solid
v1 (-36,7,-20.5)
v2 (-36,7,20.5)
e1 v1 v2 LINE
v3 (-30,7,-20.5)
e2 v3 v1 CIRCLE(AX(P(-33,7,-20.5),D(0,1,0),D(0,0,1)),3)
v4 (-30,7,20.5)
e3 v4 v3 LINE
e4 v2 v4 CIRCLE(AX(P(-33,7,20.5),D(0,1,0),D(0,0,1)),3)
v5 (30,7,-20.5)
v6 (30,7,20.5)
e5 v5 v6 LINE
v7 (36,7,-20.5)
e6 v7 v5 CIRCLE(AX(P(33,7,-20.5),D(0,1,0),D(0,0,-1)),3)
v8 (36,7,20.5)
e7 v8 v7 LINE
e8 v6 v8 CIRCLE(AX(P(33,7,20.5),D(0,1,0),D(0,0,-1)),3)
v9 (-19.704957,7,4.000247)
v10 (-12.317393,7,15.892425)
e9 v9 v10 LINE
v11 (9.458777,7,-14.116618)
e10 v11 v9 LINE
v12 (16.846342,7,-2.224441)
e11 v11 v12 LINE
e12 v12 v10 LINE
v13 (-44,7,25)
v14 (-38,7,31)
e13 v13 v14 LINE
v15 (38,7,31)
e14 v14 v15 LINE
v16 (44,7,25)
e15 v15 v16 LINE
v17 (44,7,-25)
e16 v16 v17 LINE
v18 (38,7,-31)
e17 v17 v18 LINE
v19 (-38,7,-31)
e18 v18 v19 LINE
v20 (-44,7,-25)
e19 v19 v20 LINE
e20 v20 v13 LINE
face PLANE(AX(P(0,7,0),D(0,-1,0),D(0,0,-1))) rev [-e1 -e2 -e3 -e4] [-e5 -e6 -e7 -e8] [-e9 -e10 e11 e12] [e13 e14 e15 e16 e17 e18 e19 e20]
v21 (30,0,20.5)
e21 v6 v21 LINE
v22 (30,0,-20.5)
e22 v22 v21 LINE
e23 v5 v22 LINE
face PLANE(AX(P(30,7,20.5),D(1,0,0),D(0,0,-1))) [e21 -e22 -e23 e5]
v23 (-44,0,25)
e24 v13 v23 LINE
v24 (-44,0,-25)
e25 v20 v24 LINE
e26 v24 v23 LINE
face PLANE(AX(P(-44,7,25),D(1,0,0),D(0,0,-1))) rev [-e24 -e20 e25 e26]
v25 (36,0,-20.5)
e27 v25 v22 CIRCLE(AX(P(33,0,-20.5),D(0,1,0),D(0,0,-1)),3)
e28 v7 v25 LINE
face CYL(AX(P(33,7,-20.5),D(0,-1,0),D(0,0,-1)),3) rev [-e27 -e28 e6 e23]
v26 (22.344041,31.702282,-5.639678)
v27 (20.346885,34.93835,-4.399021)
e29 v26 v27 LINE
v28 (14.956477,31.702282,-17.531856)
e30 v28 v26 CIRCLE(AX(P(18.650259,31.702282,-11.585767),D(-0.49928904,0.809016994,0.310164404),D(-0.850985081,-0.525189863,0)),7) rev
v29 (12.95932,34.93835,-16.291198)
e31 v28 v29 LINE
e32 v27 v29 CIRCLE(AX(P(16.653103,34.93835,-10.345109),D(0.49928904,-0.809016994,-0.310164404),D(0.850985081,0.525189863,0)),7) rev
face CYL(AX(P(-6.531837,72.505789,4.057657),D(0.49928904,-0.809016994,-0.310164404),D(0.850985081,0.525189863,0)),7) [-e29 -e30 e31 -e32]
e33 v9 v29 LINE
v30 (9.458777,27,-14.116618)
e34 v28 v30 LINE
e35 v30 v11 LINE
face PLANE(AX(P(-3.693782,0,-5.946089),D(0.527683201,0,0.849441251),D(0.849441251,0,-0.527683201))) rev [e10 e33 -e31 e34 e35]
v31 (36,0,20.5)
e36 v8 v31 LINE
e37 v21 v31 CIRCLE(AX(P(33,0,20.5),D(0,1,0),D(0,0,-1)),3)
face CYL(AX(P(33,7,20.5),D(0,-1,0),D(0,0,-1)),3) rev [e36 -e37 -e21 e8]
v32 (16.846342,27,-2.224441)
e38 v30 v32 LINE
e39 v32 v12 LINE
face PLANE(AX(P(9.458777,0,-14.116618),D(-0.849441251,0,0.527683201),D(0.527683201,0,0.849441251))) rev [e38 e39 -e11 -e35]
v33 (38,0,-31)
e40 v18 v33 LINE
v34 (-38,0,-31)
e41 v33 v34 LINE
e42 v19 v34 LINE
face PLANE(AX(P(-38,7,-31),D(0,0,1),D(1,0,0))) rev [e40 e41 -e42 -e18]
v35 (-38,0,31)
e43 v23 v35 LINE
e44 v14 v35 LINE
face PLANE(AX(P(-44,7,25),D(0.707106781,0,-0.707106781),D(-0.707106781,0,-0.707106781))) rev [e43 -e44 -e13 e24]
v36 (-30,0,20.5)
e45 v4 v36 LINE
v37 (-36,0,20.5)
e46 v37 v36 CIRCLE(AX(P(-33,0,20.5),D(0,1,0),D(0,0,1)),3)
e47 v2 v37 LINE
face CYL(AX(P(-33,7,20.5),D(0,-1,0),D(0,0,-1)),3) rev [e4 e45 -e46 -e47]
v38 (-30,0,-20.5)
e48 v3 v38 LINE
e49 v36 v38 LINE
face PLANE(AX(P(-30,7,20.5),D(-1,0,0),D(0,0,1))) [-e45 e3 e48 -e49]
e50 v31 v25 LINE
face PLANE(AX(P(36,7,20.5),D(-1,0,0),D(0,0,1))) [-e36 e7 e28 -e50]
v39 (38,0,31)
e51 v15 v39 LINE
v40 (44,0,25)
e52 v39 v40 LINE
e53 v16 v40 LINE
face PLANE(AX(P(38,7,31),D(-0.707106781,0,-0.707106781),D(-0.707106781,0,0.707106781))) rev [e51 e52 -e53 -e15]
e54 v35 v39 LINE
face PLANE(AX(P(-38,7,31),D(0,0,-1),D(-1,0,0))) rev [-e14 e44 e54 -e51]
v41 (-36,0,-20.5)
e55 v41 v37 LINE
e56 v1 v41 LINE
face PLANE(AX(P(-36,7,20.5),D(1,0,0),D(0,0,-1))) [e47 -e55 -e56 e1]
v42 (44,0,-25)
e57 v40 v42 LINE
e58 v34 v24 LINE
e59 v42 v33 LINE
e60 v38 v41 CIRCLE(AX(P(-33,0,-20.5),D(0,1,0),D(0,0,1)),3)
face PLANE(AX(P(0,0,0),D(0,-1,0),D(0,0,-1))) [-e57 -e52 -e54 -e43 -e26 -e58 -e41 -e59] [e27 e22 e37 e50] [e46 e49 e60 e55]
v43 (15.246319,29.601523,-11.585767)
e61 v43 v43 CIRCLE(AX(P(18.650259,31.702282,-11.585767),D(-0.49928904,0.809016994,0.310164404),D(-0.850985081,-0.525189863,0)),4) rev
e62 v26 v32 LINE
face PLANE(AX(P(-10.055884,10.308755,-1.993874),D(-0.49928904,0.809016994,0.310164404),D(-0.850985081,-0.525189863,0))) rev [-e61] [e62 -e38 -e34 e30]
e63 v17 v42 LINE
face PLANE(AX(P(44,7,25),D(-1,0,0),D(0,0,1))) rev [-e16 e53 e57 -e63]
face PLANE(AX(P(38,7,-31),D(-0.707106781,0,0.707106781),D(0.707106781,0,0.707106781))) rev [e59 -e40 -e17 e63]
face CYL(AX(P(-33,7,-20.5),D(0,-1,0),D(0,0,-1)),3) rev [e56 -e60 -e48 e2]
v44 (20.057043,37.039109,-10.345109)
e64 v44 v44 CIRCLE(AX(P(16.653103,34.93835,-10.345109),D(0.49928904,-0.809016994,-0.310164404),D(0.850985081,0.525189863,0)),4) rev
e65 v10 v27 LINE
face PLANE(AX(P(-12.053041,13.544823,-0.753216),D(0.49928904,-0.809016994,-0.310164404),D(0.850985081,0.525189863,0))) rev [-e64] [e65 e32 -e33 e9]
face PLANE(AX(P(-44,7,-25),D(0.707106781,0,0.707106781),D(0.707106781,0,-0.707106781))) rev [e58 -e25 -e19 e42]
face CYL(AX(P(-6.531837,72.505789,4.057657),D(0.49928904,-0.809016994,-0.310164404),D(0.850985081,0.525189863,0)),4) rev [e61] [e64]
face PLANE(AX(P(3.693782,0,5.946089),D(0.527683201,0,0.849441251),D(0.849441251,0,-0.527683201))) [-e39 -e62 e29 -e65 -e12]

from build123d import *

# Parameters (mm, degrees)
BOSS_EXTRUDE1_DEPTH     = 7
BOSS_EXTRUDE2_DEPTH     = 7
SKETCH4_R               = 4
CUT_EXTRUDE1_DEPTH      = 47.435908473
CUT_EXTRUDE1_DEPTH_BACK = 14


with BuildPart() as part:
    # Sketch1 → Boss-Extrude1 (new body)
    with BuildSketch(Plane(origin=(0, 0, 0), x_dir=(1, 0, 0), z_dir=(0, 1, 0))):
        Polygon((-44, 25), (-38, 31), (38, 31), (44, 25), (44, -25), (38, -31), (-38, -31), (-44, -25), align=None)
        with BuildLine():
            Line((-36, -20.5), (-36, 20.5))
            ThreePointArc((-36, 20.5), (-33, 23.5), (-30, 20.5))
            Line((-30, 20.5), (-30, -20.5))
            ThreePointArc((-30, -20.5), (-33, -23.5), (-36, -20.5))
        make_face(mode=Mode.SUBTRACT)
        with BuildLine():
            Line((36, -20.5), (36, 20.5))
            ThreePointArc((36, 20.5), (33, 23.5), (30, 20.5))
            Line((30, 20.5), (30, -20.5))
            ThreePointArc((30, -20.5), (33, -23.5), (36, -20.5))
        make_face(mode=Mode.SUBTRACT)
    extrude(amount=BOSS_EXTRUDE1_DEPTH)

    # Sketch3 → Boss-Extrude2 (add, symmetric)
    with BuildSketch(Plane(origin=(0, 0, 0), x_dir=(0.849441251, 0, -0.527683201), z_dir=(0.527683201, 0, 0.849441251))):
        Polygon((15.483777963, 7), (-18.849066913, 7), (25.26789187, 39.052846762), (27.619032879, 35.816778784), (15.483777963, 27), align=None)
    extrude(amount=BOSS_EXTRUDE2_DEPTH, both=True)

    # Sketch4 → Cut-Extrude1 (cut, two sides)
    with BuildSketch(Plane(origin=(-8.359258135, 13.544823437, 5.192872478), x_dir=(0.866435488, 0.466201263, 0.178734239), z_dir=(-0.49928904, 0.809016994, 0.310164404))) as cut_extrude1_sk:
        with Locations((28.868116916, 22.166684098)):
            Circle(SKETCH4_R)
        with BuildLine():
            ThreePointArc((24.604923104, 27.718726833), (29.779470735, 29.107104418), (34.420159658, 26.4298779))
            Line((34.420159658, 26.4298779), (30.156965838, 31.981920644))
            Line((30.156965838, 31.981920644), (24.604923104, 27.718726833))
        make_face()
        with BuildLine():
            ThreePointArc((34.420159658, 26.4298779), (35.808537235, 21.255330279), (33.131310727, 16.614641364))
            Line((33.131310727, 16.614641364), (38.683353462, 20.877835176))
            Line((38.683353462, 20.877835176), (34.420159658, 26.4298779))
        make_face()
    extrude(amount=CUT_EXTRUDE1_DEPTH, mode=Mode.SUBTRACT)
    extrude(cut_extrude1_sk.sketch, amount=-CUT_EXTRUDE1_DEPTH_BACK, mode=Mode.SUBTRACT)


solid = part.part
